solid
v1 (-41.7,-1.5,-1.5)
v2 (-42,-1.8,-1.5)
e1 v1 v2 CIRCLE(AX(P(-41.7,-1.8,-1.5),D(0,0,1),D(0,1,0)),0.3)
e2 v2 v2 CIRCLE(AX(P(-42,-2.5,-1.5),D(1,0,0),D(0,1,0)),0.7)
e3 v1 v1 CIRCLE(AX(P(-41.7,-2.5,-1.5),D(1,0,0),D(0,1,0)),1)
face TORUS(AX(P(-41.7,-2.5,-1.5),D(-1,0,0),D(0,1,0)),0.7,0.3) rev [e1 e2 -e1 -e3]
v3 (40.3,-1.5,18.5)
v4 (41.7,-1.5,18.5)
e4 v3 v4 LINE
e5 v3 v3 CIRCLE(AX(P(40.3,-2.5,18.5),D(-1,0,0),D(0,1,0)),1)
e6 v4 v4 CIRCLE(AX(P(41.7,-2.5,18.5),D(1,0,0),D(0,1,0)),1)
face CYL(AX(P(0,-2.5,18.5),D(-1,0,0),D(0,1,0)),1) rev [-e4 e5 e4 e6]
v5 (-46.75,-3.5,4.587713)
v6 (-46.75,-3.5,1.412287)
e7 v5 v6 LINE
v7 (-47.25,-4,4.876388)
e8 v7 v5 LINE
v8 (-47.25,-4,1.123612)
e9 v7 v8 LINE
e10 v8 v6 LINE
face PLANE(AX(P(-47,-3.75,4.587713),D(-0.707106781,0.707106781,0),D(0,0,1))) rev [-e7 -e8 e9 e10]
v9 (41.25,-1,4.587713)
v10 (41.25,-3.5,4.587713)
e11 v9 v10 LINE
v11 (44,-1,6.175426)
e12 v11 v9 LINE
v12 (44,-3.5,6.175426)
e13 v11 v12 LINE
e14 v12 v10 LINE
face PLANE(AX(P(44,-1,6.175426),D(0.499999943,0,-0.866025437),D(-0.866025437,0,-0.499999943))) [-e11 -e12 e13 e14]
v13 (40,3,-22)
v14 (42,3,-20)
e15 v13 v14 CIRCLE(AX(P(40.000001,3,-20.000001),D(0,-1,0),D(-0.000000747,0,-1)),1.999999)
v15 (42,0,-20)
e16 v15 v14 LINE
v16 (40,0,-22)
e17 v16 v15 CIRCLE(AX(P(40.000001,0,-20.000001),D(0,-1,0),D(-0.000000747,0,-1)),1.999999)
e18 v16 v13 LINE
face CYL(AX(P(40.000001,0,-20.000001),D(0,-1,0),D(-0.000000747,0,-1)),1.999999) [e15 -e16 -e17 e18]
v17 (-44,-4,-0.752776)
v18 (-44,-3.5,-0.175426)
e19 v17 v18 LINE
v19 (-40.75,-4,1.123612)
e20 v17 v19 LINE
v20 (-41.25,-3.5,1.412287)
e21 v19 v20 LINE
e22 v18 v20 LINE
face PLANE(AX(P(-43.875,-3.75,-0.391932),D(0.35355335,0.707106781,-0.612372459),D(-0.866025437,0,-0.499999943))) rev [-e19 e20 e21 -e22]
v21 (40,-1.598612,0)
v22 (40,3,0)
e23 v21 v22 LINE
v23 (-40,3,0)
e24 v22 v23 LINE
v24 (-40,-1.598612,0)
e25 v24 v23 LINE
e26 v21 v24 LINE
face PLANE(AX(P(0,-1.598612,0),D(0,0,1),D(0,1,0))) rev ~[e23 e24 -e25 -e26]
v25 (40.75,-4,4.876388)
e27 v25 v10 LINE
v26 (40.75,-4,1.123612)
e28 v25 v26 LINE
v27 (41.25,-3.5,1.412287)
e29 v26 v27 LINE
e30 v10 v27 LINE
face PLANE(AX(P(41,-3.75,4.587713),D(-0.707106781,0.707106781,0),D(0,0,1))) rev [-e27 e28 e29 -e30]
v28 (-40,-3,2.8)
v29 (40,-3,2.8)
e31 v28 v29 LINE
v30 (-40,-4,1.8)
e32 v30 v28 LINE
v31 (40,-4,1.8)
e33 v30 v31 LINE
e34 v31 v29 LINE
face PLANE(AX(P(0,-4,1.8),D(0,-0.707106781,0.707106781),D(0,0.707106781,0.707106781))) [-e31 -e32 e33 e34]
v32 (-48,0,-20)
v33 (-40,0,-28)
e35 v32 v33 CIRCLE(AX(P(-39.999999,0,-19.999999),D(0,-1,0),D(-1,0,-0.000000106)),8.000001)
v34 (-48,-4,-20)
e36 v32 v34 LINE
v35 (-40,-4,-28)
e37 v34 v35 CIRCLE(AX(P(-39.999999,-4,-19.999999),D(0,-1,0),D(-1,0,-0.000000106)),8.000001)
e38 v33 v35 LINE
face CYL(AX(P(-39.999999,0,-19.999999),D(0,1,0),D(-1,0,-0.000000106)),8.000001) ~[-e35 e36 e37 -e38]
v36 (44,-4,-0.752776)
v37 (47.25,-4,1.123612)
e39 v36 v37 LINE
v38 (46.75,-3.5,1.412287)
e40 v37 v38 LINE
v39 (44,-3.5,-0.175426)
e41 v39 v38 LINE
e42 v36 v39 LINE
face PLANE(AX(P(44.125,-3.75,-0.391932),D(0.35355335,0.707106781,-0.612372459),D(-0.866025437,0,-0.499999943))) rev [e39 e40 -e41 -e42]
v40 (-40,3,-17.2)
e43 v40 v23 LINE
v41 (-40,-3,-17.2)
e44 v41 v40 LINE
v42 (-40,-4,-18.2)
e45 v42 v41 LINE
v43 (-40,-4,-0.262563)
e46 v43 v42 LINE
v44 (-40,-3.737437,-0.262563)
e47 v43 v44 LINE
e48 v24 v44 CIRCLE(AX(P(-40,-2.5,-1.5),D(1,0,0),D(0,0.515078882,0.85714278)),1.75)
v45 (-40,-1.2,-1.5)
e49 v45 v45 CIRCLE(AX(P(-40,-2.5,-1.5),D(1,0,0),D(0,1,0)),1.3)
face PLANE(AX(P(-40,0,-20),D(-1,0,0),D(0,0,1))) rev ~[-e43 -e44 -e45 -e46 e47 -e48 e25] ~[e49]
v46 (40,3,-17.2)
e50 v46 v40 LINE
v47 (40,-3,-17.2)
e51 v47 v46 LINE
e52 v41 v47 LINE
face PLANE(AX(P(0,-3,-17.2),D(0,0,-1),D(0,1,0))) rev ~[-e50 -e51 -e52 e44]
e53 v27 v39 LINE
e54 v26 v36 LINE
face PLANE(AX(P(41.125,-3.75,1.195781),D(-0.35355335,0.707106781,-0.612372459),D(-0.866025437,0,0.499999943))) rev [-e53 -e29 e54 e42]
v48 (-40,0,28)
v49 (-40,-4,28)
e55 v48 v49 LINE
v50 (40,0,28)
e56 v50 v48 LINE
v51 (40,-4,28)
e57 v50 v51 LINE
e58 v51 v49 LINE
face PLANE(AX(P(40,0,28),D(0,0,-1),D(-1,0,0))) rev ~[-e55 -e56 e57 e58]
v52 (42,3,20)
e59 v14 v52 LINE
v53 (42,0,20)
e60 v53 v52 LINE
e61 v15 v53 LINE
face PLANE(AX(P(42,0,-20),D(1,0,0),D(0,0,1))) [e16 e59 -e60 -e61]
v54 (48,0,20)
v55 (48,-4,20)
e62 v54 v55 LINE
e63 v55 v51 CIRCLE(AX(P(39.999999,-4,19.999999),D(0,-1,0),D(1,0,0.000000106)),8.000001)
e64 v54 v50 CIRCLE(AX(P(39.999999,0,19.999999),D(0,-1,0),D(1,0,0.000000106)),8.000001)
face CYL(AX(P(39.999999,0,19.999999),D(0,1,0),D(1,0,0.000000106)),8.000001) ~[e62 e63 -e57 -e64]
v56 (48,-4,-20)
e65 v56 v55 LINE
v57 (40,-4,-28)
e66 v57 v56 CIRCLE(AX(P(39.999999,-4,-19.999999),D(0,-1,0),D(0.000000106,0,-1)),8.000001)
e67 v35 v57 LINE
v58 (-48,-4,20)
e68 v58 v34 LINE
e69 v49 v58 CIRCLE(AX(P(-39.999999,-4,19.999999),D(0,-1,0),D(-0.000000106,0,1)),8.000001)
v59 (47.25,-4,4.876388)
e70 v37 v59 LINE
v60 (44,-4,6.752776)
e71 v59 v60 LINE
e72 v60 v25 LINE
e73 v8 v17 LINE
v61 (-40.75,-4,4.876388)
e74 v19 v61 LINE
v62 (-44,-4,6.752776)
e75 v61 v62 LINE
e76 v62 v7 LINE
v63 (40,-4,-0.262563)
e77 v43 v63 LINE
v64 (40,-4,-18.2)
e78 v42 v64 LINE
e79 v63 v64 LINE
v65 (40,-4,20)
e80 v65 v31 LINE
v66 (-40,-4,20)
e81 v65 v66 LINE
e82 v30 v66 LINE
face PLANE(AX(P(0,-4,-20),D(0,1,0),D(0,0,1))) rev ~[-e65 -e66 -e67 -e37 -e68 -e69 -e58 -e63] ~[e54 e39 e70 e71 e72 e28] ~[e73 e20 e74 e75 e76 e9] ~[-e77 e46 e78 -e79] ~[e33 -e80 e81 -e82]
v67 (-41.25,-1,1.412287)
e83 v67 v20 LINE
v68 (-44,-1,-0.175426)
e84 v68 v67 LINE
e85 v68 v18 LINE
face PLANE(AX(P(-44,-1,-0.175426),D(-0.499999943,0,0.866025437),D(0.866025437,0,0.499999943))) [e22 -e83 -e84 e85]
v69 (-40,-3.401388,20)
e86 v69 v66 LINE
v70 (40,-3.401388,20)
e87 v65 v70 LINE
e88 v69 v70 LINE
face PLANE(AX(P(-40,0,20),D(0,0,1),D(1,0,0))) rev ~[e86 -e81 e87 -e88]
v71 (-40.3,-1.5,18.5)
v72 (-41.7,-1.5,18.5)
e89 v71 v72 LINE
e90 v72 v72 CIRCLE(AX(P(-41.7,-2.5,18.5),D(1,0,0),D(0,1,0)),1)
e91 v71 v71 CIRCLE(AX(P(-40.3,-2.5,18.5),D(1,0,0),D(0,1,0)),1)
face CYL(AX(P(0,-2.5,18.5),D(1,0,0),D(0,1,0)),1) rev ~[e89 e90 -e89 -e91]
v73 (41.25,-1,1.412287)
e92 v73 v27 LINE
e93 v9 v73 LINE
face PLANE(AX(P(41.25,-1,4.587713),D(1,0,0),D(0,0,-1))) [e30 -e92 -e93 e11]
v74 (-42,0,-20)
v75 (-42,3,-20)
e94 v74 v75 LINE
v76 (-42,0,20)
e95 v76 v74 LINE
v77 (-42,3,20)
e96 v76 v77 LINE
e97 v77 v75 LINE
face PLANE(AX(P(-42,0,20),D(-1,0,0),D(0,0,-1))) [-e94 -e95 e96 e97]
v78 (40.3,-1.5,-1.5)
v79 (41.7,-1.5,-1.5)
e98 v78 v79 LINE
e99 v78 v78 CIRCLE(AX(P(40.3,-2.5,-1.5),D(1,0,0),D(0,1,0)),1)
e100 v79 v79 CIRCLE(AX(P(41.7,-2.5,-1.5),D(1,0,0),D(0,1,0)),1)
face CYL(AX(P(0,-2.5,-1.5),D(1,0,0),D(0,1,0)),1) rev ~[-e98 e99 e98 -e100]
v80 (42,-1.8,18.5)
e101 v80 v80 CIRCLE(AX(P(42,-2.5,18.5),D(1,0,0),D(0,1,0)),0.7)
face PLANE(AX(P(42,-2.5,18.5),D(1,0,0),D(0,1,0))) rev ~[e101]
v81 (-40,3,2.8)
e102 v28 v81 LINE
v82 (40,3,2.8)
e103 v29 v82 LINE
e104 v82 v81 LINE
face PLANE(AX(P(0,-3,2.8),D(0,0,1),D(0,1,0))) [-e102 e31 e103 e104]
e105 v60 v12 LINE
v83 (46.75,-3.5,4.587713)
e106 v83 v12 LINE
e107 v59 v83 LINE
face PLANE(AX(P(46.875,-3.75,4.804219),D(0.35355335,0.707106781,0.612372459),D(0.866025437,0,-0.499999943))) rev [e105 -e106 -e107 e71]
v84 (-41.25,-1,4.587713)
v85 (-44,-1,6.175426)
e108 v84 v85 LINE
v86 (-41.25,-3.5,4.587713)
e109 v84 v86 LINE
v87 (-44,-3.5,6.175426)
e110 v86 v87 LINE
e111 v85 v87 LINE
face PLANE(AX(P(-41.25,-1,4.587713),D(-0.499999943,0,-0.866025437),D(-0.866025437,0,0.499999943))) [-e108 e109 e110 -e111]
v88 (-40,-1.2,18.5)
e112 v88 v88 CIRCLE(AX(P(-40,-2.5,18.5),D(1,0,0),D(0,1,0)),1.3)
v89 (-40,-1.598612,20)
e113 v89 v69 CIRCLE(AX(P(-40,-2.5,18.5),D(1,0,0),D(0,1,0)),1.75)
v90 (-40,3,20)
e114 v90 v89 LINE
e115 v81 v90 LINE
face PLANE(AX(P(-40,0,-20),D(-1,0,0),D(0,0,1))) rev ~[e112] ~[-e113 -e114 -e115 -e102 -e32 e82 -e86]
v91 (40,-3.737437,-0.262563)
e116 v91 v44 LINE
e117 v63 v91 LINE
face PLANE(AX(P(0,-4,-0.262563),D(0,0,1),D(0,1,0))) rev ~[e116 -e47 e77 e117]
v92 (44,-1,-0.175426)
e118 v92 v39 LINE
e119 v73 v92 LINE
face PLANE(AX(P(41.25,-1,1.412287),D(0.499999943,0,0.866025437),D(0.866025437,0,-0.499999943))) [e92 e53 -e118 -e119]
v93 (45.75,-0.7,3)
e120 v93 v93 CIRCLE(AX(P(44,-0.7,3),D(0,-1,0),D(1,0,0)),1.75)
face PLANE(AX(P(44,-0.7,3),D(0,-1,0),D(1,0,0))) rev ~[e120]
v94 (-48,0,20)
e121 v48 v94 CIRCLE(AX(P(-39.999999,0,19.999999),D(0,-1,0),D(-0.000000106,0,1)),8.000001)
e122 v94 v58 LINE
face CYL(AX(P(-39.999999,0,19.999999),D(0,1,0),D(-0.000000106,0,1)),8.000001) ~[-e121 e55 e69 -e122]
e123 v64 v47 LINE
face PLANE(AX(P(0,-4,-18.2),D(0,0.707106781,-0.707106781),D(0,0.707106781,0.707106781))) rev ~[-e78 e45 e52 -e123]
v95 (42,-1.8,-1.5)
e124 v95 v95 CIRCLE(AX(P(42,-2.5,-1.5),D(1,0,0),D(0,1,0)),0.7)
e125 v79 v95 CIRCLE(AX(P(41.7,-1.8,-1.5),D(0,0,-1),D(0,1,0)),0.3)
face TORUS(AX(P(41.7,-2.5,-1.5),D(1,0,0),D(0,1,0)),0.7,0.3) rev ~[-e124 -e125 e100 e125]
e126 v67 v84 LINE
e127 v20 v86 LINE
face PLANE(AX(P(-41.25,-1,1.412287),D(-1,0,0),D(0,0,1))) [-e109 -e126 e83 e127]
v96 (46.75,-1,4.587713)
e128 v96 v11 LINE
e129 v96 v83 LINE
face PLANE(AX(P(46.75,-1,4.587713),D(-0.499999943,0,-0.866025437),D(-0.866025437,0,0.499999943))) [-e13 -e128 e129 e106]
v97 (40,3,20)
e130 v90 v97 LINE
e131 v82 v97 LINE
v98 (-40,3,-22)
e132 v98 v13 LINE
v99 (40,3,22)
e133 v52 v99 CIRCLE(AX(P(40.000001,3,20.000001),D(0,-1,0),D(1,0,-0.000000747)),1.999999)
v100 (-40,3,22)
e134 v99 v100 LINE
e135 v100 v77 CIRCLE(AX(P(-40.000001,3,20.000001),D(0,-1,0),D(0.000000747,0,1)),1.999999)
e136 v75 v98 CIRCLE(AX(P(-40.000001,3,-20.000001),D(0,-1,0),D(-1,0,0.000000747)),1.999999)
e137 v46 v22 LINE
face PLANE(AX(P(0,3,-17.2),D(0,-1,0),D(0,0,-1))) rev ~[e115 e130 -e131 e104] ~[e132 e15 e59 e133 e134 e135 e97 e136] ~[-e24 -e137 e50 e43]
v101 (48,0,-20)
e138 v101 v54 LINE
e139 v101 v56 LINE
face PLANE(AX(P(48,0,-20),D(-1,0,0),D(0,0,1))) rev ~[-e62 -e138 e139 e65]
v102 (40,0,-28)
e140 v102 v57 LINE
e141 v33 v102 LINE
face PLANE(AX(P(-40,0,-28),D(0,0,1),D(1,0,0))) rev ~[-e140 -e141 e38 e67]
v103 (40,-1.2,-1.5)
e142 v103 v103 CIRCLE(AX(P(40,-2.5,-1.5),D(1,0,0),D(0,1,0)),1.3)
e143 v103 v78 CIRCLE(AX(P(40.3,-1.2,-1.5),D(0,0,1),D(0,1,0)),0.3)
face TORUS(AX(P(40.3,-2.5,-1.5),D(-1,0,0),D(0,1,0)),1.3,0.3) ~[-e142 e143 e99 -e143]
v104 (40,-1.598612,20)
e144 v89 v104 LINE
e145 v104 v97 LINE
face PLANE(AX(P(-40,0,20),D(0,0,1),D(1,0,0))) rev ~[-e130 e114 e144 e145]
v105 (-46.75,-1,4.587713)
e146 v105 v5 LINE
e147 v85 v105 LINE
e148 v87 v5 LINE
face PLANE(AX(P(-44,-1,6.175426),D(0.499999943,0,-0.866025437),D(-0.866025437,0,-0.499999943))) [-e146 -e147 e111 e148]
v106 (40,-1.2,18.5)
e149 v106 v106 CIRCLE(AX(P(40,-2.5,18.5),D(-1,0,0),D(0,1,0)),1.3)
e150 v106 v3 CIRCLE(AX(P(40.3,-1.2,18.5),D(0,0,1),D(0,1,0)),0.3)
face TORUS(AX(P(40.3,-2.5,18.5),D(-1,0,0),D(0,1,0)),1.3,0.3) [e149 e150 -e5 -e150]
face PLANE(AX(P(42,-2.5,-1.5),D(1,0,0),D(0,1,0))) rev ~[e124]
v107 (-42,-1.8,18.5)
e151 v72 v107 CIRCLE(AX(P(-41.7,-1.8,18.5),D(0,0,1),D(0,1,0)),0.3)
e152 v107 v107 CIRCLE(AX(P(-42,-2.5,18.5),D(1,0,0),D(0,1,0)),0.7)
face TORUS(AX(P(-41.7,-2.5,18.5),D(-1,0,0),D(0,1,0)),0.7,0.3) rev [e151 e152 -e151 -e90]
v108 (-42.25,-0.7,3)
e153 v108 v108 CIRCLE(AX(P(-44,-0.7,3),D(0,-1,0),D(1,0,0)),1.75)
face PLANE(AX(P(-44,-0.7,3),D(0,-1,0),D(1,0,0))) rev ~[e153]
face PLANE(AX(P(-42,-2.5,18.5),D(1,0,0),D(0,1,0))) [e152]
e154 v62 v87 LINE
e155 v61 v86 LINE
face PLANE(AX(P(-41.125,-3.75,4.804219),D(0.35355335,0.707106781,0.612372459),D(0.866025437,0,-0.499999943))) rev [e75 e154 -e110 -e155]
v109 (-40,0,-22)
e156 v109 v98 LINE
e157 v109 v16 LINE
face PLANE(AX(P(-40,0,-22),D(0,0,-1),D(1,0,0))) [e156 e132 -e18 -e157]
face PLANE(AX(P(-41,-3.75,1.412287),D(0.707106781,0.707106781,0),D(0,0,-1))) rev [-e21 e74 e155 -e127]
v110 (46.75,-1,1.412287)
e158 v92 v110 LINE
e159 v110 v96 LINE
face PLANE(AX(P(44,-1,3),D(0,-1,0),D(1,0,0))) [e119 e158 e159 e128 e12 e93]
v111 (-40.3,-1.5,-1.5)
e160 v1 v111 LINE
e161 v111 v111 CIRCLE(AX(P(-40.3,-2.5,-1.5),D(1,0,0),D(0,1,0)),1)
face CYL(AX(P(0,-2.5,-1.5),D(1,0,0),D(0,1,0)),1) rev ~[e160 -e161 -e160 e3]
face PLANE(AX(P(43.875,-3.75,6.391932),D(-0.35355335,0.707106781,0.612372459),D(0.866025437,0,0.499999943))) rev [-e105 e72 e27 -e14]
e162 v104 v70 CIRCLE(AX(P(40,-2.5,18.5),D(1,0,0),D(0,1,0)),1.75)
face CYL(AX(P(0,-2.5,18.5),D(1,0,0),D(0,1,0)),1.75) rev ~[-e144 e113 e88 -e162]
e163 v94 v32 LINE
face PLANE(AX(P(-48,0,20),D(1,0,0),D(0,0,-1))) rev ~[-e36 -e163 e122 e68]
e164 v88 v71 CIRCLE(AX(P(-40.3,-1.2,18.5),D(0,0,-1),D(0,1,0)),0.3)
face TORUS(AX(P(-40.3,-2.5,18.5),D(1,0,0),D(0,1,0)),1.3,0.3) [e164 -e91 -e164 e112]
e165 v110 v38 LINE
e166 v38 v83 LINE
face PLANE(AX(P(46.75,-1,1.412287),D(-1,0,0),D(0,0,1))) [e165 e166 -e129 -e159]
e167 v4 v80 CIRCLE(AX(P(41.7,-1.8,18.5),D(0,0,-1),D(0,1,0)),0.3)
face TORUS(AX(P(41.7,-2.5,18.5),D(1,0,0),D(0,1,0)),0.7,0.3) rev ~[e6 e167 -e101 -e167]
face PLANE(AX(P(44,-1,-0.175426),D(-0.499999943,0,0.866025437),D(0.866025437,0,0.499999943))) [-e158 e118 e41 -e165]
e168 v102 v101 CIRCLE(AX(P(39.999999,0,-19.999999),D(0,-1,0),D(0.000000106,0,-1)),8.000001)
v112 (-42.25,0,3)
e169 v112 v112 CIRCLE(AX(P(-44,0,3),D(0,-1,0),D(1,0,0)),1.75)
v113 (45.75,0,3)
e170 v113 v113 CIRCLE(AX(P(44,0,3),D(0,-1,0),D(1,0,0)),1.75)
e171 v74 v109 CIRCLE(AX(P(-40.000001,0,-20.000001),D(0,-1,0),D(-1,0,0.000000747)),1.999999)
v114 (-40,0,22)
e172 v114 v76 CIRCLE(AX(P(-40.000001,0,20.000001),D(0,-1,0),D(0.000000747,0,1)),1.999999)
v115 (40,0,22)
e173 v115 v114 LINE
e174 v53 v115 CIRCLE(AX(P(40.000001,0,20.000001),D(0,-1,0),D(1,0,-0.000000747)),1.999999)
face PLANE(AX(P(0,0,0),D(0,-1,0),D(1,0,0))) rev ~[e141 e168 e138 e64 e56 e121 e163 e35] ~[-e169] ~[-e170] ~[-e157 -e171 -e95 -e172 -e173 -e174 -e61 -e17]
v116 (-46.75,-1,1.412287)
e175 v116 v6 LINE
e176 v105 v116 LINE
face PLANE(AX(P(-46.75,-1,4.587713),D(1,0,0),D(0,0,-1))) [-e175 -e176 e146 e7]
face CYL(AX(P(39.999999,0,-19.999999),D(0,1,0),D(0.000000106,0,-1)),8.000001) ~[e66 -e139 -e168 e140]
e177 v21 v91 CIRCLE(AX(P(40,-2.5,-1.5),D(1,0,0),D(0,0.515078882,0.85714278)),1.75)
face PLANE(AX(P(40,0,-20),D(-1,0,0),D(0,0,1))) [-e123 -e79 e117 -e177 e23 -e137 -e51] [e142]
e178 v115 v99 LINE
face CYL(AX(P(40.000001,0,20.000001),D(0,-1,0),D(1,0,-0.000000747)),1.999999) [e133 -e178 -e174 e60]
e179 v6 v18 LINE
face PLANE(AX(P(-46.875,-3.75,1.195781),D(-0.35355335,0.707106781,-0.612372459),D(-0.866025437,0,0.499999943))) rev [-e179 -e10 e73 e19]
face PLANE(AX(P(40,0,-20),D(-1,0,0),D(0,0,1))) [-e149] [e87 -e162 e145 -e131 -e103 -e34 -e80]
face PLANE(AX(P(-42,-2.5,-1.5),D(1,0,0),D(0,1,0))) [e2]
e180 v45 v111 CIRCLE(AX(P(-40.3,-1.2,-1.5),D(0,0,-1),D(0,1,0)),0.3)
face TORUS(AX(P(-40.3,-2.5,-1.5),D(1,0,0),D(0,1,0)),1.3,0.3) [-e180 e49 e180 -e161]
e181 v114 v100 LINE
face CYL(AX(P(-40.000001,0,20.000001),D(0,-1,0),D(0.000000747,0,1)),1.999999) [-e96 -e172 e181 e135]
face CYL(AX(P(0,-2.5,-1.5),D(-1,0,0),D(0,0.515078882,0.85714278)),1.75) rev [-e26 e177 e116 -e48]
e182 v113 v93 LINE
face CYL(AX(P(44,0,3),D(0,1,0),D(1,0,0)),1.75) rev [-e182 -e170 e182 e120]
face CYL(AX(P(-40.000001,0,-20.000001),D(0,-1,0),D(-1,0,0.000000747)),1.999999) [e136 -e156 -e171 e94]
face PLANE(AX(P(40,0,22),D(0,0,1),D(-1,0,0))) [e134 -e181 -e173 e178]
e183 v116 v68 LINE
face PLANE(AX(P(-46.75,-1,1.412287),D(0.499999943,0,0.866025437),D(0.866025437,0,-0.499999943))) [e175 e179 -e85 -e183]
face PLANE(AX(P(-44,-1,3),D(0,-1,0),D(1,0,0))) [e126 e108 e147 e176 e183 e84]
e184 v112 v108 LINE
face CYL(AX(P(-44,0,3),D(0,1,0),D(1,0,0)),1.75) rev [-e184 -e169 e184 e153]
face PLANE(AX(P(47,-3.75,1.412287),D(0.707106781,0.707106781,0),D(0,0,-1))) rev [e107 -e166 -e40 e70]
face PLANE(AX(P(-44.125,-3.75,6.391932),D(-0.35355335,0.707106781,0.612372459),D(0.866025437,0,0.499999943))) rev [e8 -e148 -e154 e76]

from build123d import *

# Parameters (mm, degrees)
PAD_DEPTH         = 4
PAD001_DEPTH      = 3
SKETCH002_W       = 80
SKETCH002_H       = 40
POCKET_DEPTH      = 3.001
POCKET_DEPTH_BACK = 4.001
PAD003_DEPTH      = 40
SKETCH005_R       = 1.75
POCKET001_DEPTH   = 40
POCKET002_DEPTH   = 3.001
SKETCH007_R       = 1.75
POCKET003_DEPTH   = 0.7
CHAMFER_SIZE      = 0.5
SKETCH009_R       = 1
POCKET004_DEPTH   = 42
FILLET001_R       = 0.3


with BuildPart() as part:
    # Sketch → Pad (new body)
    with BuildSketch(Plane.XZ):
        with BuildLine():
            Line((-48, 20), (-48, -20))
            ThreePointArc((-48, -20), (-45.656854, -25.656854), (-40, -28))
            Line((-40, -28), (40, -28))
            ThreePointArc((40, -28), (45.656854, -25.656854), (48, -20))
            Line((48, -20), (48, 20))
            ThreePointArc((48, 20), (45.656854, 25.656854), (40, 28))
            Line((40, 28), (-40, 28))
            ThreePointArc((-40, 28), (-45.656854, 25.656854), (-48, 20))
        make_face()
    extrude(amount=PAD_DEPTH)

    # Sketch001 → Pad001 (join)
    with BuildSketch(Plane.XZ):
        with BuildLine():
            Line((-42, 20), (-42, -20))
            ThreePointArc((-42, -20), (-41.414214, -21.414214), (-40, -22))
            Line((-40, -22), (40, -22))
            ThreePointArc((40, -22), (41.414214, -21.414214), (42, -20))
            Line((42, -20), (42, 20))
            ThreePointArc((42, 20), (41.414214, 21.414214), (40, 22))
            Line((40, 22), (-40, 22))
            ThreePointArc((-40, 22), (-41.414214, 21.414214), (-42, 20))
        make_face()
    extrude(amount=-PAD001_DEPTH)

    # Sketch002 → Pocket (cut, two sides)
    with BuildSketch(Plane.XZ) as pocket_sk:
        Rectangle(SKETCH002_W, SKETCH002_H)
    extrude(amount=-POCKET_DEPTH, mode=Mode.SUBTRACT)
    extrude(pocket_sk.sketch, amount=POCKET_DEPTH_BACK, mode=Mode.SUBTRACT)

    # Sketch004 → Pad003 (join, symmetric)
    with BuildSketch(Plane.YZ):
        with BuildLine():
            Line((-3, 2.8), (3, 2.8))
            Line((3, 2.8), (3, 0))
            Line((-1.598612, 0), (3, 0))
            ThreePointArc((-1.598612, 0), (-2.71323, 0.236961), (-3.737437, -0.262563))
            Line((-4, -0.262563), (-3.737437, -0.262563))
            Line((-4, 1.8), (-4, -0.262563))
            Line((-4, 1.8), (-3, 2.8))
        make_face()
        Polygon((-3, -17.2), (3, -17.2), (3, -20), (-4, -20), (-4, -18.2), align=None)
    extrude(amount=PAD003_DEPTH, both=True)

    # Sketch005 → Pocket001 (cut, symmetric)
    with BuildSketch(Plane.YZ):
        with Locations((-2.5, 18.5)):
            Circle(SKETCH005_R)
    extrude(amount=POCKET001_DEPTH, both=True, mode=Mode.SUBTRACT)

    # Sketch006 → Pocket002 (cut, through all)
    with BuildSketch(Plane(origin=(0, -1, 3), x_dir=(1, 0, 0), z_dir=(0, -1, 0))):
        Polygon((-44, -3.175426), (-41.25, -1.587713), (-41.25, 1.587713), (-44, 3.175426), (-46.75, 1.587713), (-46.75, -1.587713), align=None)
        Polygon((46.75, -1.587713), (46.75, 1.587713), (44, 3.175426), (41.25, 1.587713), (41.25, -1.587713), (44, -3.175426), align=None)
    extrude(amount=POCKET002_DEPTH, mode=Mode.SUBTRACT)

    # Sketch007 → Pocket003 (cut)
    with BuildSketch(Plane(origin=(0, 0, 3), x_dir=(1, 0, 0), z_dir=(0, -1, 0))):
        with Locations((-44, 0)):
            Circle(SKETCH007_R)
        with Locations((44, 0)):
            Circle(SKETCH007_R)
    extrude(amount=POCKET003_DEPTH, mode=Mode.SUBTRACT)

    # Chamfer
    chamfer_edges = [part.edges().sort_by_distance(p)[0] for p in [
        (-41.25, -4, 3),
        (-42.625, -4, 5.38157),
        (-45.375, -4, 5.38157),
        (-46.75, -4, 3),
        (-42.625, -4, 0.61843),
        (45.375, -4, 0.61843),
        (46.75, -4, 3),
        (45.375, -4, 5.38157),
        (42.625, -4, 5.38157),
        (41.25, -4, 3),
        (42.625, -4, 0.61843),
        (-45.375, -4, 0.61843),
    ]]
    chamfer(chamfer_edges, length=CHAMFER_SIZE)

    # Sketch009 → Pocket004 (cut, symmetric)
    with BuildSketch(Plane.YZ):
        with Locations((-2.5, 18.5)):
            Circle(SKETCH009_R)
        with Locations((-2.5, -1.5)):
            Circle(SKETCH009_R)
    extrude(amount=POCKET004_DEPTH, both=True, mode=Mode.SUBTRACT)

    # Fillet001
    fillet001_edges = [part.edges().sort_by_distance(p)[0] for p in [
        (-40, -3.5, 18.5),
        (-42, -3.5, 18.5),
        (-42, -3.5, -1.5),
        (-40, -3.5, -1.5),
        (42, -3.5, 18.5),
        (40, -3.5, 18.5),
        (42, -3.5, -1.5),
        (40, -3.5, -1.5),
    ]]
    fillet(fillet001_edges, radius=FILLET001_R)


solid = part.part
